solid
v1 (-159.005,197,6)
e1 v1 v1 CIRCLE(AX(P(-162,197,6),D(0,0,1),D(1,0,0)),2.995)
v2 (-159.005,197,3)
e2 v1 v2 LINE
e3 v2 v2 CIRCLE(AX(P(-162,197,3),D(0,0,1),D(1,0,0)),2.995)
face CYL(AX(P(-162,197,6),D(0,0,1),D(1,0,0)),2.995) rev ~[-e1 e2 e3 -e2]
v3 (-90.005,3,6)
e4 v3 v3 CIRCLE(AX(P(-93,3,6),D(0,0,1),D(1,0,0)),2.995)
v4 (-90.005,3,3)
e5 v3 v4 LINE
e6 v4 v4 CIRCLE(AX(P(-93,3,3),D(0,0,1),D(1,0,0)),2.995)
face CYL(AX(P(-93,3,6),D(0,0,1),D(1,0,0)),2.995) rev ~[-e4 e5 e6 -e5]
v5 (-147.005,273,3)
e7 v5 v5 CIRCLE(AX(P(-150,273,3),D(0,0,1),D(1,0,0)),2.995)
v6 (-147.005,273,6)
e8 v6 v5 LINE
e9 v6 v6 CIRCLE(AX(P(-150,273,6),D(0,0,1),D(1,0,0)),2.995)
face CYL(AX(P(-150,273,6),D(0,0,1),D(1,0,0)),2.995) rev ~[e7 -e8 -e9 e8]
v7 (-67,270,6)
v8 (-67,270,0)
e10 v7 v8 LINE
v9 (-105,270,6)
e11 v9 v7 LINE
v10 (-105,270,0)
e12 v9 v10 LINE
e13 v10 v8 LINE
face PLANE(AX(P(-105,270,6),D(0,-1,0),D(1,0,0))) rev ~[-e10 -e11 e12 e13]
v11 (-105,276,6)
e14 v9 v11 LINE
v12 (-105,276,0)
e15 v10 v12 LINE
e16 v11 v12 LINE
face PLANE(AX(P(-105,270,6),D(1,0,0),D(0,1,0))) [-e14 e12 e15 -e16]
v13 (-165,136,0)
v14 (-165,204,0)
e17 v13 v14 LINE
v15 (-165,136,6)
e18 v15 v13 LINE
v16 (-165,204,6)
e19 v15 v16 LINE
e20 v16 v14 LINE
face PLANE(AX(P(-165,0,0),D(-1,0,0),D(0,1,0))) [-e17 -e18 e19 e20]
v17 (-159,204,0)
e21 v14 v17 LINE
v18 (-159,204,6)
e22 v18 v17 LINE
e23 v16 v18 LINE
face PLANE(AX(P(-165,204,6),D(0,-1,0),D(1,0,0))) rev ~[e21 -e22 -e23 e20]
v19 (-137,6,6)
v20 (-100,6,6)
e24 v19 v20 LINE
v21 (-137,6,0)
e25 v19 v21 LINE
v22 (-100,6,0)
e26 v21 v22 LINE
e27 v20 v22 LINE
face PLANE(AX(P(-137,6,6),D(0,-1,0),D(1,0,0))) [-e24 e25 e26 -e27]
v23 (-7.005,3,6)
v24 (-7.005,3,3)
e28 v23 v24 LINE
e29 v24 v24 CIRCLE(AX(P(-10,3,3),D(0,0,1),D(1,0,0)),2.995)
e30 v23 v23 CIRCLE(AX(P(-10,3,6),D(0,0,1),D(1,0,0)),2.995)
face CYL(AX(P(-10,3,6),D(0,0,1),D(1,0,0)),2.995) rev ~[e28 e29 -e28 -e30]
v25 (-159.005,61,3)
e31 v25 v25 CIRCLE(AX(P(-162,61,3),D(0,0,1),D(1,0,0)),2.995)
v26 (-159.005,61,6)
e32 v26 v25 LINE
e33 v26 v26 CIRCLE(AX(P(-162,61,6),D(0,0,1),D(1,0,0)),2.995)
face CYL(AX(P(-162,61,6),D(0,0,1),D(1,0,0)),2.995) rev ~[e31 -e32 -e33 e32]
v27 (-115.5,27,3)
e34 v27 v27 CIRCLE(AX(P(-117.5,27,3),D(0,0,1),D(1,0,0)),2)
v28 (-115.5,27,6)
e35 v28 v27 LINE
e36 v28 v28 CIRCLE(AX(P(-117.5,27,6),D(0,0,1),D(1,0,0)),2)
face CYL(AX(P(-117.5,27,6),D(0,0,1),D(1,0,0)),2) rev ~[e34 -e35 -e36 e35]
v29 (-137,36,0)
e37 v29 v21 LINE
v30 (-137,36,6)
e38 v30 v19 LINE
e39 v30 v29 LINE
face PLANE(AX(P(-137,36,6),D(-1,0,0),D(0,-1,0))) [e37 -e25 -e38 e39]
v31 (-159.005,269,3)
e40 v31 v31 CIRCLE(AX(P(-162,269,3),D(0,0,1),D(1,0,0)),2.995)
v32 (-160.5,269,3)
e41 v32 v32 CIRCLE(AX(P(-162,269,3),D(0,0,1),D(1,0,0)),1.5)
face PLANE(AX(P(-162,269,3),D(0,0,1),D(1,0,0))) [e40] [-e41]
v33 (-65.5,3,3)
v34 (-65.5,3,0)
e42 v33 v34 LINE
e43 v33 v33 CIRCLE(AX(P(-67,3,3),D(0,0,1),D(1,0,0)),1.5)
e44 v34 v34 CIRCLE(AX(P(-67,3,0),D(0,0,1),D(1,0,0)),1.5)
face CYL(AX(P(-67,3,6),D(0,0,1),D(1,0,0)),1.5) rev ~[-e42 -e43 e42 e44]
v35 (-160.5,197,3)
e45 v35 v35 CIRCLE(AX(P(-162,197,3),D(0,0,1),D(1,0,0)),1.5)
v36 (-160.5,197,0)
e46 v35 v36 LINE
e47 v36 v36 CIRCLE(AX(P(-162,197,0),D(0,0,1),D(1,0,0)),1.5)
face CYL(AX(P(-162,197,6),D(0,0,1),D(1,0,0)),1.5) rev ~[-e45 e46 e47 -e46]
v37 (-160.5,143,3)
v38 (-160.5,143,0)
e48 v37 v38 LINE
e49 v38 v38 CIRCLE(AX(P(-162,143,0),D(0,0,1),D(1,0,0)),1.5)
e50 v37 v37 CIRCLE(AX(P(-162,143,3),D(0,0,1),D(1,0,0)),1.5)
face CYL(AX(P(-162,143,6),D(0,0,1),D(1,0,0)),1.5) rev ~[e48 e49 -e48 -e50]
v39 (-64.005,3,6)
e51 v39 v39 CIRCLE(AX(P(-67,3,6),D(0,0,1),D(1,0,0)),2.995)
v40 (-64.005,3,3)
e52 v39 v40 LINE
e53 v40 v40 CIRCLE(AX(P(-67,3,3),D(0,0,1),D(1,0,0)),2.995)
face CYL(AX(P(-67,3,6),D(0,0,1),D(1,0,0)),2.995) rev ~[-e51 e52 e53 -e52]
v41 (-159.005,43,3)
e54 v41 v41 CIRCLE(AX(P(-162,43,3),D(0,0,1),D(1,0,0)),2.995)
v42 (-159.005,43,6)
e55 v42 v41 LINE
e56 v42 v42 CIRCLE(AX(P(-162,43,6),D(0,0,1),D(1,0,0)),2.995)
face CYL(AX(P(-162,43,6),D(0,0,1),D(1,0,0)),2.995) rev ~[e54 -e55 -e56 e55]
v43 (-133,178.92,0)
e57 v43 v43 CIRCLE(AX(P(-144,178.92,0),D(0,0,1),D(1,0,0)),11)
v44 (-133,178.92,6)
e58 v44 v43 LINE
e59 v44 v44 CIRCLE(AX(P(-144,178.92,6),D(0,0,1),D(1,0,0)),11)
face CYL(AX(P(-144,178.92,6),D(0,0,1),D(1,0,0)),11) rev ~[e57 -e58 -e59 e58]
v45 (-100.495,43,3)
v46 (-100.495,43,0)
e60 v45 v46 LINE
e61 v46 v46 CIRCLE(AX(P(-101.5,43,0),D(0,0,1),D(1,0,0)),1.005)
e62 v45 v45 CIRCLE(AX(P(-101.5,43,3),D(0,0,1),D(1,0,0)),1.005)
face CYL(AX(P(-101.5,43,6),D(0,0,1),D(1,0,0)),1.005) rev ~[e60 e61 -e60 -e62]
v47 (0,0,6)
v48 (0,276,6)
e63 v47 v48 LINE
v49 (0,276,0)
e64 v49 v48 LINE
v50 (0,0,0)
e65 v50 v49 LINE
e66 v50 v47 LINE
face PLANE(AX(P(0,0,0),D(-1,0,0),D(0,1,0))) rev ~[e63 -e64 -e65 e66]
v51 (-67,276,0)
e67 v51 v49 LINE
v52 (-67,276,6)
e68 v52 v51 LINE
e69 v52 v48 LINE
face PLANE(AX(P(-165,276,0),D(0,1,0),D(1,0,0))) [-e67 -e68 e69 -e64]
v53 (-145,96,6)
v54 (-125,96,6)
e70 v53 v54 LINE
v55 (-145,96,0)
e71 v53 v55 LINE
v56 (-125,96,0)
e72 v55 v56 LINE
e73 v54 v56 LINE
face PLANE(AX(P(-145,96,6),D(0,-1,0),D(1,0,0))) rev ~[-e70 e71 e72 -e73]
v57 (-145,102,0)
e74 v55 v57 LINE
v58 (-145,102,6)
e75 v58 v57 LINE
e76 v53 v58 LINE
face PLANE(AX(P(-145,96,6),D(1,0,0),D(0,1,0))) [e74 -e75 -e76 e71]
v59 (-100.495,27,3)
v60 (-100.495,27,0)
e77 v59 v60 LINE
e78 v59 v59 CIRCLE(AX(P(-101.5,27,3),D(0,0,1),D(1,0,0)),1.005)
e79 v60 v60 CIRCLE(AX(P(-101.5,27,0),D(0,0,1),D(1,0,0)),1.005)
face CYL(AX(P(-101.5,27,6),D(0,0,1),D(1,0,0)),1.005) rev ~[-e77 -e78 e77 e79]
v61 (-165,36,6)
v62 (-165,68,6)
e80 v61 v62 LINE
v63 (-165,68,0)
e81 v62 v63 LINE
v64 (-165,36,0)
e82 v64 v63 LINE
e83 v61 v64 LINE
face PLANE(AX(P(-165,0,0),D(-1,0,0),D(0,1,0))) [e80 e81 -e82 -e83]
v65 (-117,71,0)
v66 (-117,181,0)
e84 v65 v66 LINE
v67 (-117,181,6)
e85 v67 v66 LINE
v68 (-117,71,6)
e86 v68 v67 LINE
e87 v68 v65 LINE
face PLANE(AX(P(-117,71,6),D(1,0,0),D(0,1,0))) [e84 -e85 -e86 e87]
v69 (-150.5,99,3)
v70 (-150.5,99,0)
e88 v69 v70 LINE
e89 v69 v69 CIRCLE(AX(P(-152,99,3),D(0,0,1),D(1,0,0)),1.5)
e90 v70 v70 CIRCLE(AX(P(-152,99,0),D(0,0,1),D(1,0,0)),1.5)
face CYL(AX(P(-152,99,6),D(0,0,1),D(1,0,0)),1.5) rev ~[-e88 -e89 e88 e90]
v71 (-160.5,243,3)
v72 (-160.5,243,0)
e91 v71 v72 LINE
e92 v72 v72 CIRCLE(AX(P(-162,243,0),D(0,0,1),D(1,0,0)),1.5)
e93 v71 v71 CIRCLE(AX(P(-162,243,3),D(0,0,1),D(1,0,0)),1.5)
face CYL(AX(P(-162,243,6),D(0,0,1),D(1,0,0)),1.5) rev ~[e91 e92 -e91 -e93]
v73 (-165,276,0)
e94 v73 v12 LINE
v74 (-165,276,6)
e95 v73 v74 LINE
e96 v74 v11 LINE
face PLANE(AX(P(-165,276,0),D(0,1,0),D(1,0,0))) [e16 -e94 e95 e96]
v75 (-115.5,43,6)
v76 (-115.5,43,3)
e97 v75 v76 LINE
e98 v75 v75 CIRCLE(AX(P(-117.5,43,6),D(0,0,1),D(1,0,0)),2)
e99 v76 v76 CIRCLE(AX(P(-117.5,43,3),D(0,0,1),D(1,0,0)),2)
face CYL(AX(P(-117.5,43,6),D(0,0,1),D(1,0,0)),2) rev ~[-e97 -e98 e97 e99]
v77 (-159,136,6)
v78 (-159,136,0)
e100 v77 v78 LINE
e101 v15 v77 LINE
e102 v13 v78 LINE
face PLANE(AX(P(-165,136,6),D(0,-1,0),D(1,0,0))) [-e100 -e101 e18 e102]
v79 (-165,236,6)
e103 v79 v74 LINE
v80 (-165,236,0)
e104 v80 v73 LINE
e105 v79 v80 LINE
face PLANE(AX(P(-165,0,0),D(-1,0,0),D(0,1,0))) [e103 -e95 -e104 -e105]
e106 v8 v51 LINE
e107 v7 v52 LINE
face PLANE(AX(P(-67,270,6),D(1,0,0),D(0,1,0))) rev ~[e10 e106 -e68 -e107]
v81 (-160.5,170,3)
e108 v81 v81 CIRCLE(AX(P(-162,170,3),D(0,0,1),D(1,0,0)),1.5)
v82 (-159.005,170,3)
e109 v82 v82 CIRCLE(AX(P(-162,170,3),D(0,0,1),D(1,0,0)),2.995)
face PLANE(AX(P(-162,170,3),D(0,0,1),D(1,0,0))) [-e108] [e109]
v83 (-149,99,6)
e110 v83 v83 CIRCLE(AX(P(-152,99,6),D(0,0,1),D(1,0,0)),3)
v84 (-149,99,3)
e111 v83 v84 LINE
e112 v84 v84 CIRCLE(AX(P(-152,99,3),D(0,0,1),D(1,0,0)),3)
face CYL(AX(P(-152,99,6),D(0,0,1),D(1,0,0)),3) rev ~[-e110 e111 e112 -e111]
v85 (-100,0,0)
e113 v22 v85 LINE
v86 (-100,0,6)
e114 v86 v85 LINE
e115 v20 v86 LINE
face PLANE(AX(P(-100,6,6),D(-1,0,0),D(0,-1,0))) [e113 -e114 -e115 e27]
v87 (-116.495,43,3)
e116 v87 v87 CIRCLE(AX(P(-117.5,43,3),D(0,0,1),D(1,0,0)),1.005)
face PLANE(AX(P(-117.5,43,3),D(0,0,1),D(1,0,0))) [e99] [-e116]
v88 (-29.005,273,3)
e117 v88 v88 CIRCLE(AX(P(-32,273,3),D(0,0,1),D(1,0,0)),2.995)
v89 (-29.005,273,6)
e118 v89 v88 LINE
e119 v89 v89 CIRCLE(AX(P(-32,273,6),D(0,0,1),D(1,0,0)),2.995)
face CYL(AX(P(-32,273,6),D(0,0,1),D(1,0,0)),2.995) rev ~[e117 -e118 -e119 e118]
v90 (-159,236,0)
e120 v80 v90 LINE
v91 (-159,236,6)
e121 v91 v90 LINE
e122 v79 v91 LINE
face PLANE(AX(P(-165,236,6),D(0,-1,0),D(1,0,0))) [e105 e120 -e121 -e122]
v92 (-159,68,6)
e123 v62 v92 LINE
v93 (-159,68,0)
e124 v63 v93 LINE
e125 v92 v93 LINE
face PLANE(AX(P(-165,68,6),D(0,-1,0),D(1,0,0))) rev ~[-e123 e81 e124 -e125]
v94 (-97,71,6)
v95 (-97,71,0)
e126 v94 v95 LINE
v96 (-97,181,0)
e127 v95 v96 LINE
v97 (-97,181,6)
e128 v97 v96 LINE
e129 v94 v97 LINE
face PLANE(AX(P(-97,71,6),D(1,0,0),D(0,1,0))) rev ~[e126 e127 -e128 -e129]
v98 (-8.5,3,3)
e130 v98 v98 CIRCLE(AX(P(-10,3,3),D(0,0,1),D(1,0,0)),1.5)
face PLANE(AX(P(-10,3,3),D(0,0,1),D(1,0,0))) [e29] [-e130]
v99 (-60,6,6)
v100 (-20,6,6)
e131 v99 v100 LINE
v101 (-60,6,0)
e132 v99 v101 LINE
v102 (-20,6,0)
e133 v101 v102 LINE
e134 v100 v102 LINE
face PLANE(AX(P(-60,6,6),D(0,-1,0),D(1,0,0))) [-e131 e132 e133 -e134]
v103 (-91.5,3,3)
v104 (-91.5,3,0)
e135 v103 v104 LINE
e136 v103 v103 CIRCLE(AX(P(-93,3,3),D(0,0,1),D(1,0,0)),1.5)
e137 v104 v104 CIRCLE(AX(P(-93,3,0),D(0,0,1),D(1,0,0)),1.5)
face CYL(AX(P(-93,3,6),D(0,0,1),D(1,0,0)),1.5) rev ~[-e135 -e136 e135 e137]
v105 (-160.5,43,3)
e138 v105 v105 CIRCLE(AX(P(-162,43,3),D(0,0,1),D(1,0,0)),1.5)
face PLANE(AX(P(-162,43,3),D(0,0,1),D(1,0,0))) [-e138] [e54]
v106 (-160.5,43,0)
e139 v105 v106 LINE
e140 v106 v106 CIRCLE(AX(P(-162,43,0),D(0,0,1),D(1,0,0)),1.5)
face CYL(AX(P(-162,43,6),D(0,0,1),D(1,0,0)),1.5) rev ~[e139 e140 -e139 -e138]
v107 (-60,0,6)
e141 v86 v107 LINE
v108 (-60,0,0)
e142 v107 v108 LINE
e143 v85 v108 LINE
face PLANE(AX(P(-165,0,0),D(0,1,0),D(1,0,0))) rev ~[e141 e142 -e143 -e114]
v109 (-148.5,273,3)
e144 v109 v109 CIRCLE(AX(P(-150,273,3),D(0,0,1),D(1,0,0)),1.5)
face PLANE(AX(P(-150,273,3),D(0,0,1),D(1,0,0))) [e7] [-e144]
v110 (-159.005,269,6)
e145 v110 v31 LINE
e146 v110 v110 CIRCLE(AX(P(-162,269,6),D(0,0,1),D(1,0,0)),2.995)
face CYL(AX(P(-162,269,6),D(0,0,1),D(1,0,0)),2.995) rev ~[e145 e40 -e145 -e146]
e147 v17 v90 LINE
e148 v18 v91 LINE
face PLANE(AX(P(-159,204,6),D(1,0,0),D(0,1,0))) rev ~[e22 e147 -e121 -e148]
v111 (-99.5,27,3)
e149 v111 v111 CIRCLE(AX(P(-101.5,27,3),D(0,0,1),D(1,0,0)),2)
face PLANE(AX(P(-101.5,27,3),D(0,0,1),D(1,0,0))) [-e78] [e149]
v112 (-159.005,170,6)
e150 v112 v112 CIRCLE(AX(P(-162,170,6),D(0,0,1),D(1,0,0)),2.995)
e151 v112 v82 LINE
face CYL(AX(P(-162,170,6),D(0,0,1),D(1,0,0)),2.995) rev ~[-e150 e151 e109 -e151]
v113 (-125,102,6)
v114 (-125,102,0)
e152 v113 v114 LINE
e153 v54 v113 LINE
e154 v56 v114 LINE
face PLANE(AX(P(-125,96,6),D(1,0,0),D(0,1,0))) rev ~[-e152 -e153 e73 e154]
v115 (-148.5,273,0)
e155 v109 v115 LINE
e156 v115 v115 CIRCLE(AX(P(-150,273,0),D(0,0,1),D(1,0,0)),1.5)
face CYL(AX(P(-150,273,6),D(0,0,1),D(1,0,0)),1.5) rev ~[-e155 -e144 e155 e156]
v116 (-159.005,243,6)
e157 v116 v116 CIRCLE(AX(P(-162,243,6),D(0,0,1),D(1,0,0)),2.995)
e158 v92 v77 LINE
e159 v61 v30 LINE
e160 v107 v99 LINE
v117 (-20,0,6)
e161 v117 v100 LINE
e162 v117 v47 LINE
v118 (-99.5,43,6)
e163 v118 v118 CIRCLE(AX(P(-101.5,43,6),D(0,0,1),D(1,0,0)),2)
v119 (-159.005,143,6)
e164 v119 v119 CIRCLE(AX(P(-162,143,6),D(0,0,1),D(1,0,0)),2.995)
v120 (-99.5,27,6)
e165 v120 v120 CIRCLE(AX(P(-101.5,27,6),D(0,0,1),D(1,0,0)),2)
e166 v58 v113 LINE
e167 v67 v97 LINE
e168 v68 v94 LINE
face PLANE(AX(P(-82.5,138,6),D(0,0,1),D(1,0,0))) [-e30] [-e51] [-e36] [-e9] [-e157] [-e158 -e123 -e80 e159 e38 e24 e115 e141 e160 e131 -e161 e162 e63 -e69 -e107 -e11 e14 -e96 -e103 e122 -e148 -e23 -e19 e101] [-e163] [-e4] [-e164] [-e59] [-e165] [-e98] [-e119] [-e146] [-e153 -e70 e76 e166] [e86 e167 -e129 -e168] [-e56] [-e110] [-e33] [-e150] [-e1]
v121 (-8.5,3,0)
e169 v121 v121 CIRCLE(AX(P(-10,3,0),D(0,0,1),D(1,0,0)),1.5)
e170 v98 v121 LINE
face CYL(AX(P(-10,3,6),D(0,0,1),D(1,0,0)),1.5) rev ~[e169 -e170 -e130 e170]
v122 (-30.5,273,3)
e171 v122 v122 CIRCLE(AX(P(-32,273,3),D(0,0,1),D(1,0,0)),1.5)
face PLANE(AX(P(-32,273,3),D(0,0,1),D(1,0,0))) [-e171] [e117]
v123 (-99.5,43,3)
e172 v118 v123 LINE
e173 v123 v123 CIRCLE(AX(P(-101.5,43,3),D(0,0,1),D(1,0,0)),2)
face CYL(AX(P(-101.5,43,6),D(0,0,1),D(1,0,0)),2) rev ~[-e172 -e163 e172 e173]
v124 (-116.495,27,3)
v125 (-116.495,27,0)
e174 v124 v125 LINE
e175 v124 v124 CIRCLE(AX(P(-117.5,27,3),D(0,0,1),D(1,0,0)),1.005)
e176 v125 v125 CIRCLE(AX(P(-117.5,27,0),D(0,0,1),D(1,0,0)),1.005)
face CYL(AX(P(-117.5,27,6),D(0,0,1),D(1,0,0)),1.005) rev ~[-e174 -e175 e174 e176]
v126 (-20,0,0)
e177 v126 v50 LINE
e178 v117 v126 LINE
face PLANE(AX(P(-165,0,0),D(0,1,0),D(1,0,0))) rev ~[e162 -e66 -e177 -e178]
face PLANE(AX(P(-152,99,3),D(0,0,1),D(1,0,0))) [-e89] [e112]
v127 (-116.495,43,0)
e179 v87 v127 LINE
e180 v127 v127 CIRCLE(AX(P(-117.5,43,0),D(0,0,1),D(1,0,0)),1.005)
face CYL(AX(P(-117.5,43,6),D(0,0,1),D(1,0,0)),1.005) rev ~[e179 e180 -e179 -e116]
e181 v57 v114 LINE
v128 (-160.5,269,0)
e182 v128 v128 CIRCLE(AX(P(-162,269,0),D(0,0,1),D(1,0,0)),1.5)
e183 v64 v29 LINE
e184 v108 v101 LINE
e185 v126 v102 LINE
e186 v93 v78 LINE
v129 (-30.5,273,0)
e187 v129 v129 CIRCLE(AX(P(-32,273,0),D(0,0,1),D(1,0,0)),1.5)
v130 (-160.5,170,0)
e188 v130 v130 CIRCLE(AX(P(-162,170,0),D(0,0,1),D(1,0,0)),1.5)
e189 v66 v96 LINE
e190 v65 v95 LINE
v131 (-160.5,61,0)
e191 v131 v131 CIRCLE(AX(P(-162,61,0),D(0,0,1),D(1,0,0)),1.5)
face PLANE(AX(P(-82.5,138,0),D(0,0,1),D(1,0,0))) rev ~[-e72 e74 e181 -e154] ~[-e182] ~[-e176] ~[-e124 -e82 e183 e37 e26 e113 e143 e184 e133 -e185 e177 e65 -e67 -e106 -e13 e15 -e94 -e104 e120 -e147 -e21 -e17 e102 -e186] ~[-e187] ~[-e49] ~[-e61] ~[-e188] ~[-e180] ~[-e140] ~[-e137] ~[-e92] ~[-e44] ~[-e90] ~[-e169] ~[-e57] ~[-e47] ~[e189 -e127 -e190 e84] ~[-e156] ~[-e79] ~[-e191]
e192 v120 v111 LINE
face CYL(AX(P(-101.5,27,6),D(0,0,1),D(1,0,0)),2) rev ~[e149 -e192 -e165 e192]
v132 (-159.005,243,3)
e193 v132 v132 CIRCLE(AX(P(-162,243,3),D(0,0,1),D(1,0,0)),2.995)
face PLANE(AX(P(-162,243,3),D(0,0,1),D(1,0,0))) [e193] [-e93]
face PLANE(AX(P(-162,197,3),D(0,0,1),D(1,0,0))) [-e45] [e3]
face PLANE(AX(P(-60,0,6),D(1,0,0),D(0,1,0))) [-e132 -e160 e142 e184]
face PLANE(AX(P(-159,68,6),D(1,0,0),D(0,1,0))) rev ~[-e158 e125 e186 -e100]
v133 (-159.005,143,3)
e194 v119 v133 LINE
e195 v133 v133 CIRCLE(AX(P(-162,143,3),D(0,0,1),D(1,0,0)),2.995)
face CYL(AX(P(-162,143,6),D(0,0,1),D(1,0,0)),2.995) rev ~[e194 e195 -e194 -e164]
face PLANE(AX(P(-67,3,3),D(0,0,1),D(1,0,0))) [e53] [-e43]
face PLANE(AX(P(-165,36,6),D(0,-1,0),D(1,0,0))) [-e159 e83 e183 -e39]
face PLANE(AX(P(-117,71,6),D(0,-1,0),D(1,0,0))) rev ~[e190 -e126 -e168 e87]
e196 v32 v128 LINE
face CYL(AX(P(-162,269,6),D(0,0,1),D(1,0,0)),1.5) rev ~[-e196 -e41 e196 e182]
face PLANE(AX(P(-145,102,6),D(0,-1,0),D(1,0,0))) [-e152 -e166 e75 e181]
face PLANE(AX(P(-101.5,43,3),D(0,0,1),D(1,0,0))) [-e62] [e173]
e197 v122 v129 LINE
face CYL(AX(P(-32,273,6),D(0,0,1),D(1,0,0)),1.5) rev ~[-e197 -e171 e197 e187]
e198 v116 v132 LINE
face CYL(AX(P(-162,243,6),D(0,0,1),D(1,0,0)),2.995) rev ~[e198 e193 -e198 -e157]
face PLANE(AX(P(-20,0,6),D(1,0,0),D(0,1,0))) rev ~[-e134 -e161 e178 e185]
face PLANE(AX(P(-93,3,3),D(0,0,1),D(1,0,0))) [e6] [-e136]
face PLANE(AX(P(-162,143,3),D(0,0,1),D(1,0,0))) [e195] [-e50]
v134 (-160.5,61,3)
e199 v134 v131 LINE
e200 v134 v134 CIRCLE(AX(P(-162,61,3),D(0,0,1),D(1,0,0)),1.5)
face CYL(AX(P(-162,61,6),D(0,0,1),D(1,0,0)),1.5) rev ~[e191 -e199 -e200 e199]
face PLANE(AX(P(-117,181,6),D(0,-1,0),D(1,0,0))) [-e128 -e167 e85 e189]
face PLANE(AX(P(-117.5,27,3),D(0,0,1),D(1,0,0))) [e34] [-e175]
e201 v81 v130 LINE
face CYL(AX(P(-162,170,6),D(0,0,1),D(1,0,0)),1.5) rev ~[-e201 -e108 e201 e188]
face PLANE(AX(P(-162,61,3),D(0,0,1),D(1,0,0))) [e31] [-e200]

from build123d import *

# Parameters (mm, degrees)
ESQUISSE1_W             = 165
ESQUISSE1_H             = 276
BOSS_EXTRU_1_DEPTH      = 6
ESQUISSE2_W             = 38
ESQUISSE2_H             = 6
ESQUISSE2_W_2           = 6
ESQUISSE2_H_2           = 32
ESQUISSE2_H_3           = 68
ESQUISSE2_W_3           = 40
EXTERIEUR_DEPTH         = 10
ESQUISSE3_R             = 11
ESQUISSE3_W             = 20
ESQUISSE3_H             = 6
ENL_V_MAT_EXTRU_2_DEPTH = 322.616230934
ESQUISSE4_R             = 1.5
ESQUISSE4_R_2           = 1.005
ENL_V_MAT_EXTRU_3_DEPTH = 322.616230934
ESQUISSE5_R             = 2.995
ESQUISSE5_R_2           = 3
ESQUISSE5_R_3           = 2
ENL_V_MAT_EXTRU_4_DEPTH = 3
ESQUISSE6_W             = 20
ESQUISSE6_H             = 110
ENL_V_MAT_EXTRU_5_DEPTH = 322.616230934


with BuildPart() as part:
    # Esquisse1 → Boss.-Extru.1 (new body)
    with BuildSketch(Plane.XY):
        with Locations((-82.5, 138)):
            Rectangle(ESQUISSE1_W, ESQUISSE1_H)
    extrude(amount=BOSS_EXTRU_1_DEPTH)

    # Esquisse2 → exterieur (cut)
    with BuildSketch(Plane.XY.offset(6)):
        with Locations((-86, 273)):
            Rectangle(ESQUISSE2_W, ESQUISSE2_H)
        with Locations((-162, 220)):
            Rectangle(ESQUISSE2_W_2, ESQUISSE2_H_2)
        with Locations((-162, 102)):
            Rectangle(ESQUISSE2_W_2, ESQUISSE2_H_3)
        Polygon((-137, 36), (-137, 6), (-100, 6), (-100, 0), (-165, 0), (-165, 36), align=None)
        with Locations((-40, 3)):
            Rectangle(ESQUISSE2_W_3, ESQUISSE2_H)
    extrude(amount=-EXTERIEUR_DEPTH, mode=Mode.SUBTRACT)

    # Esquisse3 → Enlèv. mat.-Extru.2 (cut, through all)
    with BuildSketch(Plane.XY.offset(6)):
        with Locations((-144, 178.92)):
            Circle(ESQUISSE3_R)
        with Locations((-135, 99)):
            Rectangle(ESQUISSE3_W, ESQUISSE3_H)
    extrude(amount=-ENL_V_MAT_EXTRU_2_DEPTH, mode=Mode.SUBTRACT)

    # Esquisse4 → Enlèv. mat.-Extru.3 (cut, through all)
    with BuildSketch(Plane.XY.offset(6)):
        with Locations((-32, 273)):
            Circle(ESQUISSE4_R)
        with Locations((-150, 273)):
            Circle(ESQUISSE4_R)
        with Locations((-162, 197)):
            Circle(ESQUISSE4_R)
        with Locations((-162, 170)):
            Circle(ESQUISSE4_R)
        with Locations((-162, 143)):
            Circle(ESQUISSE4_R)
        with Locations((-162, 61)):
            Circle(ESQUISSE4_R)
        with Locations((-162, 43)):
            Circle(ESQUISSE4_R)
        with Locations((-93, 3)):
            Circle(ESQUISSE4_R)
        with Locations((-67, 3)):
            Circle(ESQUISSE4_R)
        with Locations((-10, 3)):
            Circle(ESQUISSE4_R)
        with Locations((-152, 99)):
            Circle(ESQUISSE4_R)
        with Locations((-162, 243)):
            Circle(ESQUISSE4_R)
        with Locations((-101.5, 43)):
            Circle(ESQUISSE4_R_2)
        with Locations((-117.5, 43)):
            Circle(ESQUISSE4_R_2)
        with Locations((-101.5, 27)):
            Circle(ESQUISSE4_R_2)
        with Locations((-117.5, 27)):
            Circle(ESQUISSE4_R_2)
        with Locations((-162, 269)):
            Circle(ESQUISSE4_R)
    extrude(amount=-ENL_V_MAT_EXTRU_3_DEPTH, mode=Mode.SUBTRACT)

    # Esquisse5 → Enlèv. mat.-Extru.4 (cut)
    with BuildSketch(Plane.XY.offset(6)):
        with Locations((-150, 273)):
            Circle(ESQUISSE5_R)
        with Locations((-32, 273)):
            Circle(ESQUISSE5_R)
        with Locations((-162, 197)):
            Circle(ESQUISSE5_R)
        with Locations((-162, 170)):
            Circle(ESQUISSE5_R)
        with Locations((-162, 143)):
            Circle(ESQUISSE5_R)
        with Locations((-162, 61)):
            Circle(ESQUISSE5_R)
        with Locations((-162, 43)):
            Circle(ESQUISSE5_R)
        with Locations((-93, 3)):
            Circle(ESQUISSE5_R)
        with Locations((-67, 3)):
            Circle(ESQUISSE5_R)
        with Locations((-10, 3)):
            Circle(ESQUISSE5_R)
        with Locations((-152, 99)):
            Circle(ESQUISSE5_R_2)
        with Locations((-117.5, 43)):
            Circle(ESQUISSE5_R_3)
        with Locations((-101.5, 43)):
            Circle(ESQUISSE5_R_3)
        with Locations((-117.5, 27)):
            Circle(ESQUISSE5_R_3)
        with Locations((-101.5, 27)):
            Circle(ESQUISSE5_R_3)
        with Locations((-162, 269)):
            Circle(ESQUISSE5_R)
        with Locations((-162, 243)):
            Circle(ESQUISSE5_R)
    extrude(amount=-ENL_V_MAT_EXTRU_4_DEPTH, mode=Mode.SUBTRACT)

    # Esquisse6 → Enlèv. mat.-Extru.5 (cut, through all)
    with BuildSketch(Plane.XY.offset(6)):
        with Locations((-107, 126)):
            Rectangle(ESQUISSE6_W, ESQUISSE6_H)
    extrude(amount=-ENL_V_MAT_EXTRU_5_DEPTH, mode=Mode.SUBTRACT)


solid = part.part
